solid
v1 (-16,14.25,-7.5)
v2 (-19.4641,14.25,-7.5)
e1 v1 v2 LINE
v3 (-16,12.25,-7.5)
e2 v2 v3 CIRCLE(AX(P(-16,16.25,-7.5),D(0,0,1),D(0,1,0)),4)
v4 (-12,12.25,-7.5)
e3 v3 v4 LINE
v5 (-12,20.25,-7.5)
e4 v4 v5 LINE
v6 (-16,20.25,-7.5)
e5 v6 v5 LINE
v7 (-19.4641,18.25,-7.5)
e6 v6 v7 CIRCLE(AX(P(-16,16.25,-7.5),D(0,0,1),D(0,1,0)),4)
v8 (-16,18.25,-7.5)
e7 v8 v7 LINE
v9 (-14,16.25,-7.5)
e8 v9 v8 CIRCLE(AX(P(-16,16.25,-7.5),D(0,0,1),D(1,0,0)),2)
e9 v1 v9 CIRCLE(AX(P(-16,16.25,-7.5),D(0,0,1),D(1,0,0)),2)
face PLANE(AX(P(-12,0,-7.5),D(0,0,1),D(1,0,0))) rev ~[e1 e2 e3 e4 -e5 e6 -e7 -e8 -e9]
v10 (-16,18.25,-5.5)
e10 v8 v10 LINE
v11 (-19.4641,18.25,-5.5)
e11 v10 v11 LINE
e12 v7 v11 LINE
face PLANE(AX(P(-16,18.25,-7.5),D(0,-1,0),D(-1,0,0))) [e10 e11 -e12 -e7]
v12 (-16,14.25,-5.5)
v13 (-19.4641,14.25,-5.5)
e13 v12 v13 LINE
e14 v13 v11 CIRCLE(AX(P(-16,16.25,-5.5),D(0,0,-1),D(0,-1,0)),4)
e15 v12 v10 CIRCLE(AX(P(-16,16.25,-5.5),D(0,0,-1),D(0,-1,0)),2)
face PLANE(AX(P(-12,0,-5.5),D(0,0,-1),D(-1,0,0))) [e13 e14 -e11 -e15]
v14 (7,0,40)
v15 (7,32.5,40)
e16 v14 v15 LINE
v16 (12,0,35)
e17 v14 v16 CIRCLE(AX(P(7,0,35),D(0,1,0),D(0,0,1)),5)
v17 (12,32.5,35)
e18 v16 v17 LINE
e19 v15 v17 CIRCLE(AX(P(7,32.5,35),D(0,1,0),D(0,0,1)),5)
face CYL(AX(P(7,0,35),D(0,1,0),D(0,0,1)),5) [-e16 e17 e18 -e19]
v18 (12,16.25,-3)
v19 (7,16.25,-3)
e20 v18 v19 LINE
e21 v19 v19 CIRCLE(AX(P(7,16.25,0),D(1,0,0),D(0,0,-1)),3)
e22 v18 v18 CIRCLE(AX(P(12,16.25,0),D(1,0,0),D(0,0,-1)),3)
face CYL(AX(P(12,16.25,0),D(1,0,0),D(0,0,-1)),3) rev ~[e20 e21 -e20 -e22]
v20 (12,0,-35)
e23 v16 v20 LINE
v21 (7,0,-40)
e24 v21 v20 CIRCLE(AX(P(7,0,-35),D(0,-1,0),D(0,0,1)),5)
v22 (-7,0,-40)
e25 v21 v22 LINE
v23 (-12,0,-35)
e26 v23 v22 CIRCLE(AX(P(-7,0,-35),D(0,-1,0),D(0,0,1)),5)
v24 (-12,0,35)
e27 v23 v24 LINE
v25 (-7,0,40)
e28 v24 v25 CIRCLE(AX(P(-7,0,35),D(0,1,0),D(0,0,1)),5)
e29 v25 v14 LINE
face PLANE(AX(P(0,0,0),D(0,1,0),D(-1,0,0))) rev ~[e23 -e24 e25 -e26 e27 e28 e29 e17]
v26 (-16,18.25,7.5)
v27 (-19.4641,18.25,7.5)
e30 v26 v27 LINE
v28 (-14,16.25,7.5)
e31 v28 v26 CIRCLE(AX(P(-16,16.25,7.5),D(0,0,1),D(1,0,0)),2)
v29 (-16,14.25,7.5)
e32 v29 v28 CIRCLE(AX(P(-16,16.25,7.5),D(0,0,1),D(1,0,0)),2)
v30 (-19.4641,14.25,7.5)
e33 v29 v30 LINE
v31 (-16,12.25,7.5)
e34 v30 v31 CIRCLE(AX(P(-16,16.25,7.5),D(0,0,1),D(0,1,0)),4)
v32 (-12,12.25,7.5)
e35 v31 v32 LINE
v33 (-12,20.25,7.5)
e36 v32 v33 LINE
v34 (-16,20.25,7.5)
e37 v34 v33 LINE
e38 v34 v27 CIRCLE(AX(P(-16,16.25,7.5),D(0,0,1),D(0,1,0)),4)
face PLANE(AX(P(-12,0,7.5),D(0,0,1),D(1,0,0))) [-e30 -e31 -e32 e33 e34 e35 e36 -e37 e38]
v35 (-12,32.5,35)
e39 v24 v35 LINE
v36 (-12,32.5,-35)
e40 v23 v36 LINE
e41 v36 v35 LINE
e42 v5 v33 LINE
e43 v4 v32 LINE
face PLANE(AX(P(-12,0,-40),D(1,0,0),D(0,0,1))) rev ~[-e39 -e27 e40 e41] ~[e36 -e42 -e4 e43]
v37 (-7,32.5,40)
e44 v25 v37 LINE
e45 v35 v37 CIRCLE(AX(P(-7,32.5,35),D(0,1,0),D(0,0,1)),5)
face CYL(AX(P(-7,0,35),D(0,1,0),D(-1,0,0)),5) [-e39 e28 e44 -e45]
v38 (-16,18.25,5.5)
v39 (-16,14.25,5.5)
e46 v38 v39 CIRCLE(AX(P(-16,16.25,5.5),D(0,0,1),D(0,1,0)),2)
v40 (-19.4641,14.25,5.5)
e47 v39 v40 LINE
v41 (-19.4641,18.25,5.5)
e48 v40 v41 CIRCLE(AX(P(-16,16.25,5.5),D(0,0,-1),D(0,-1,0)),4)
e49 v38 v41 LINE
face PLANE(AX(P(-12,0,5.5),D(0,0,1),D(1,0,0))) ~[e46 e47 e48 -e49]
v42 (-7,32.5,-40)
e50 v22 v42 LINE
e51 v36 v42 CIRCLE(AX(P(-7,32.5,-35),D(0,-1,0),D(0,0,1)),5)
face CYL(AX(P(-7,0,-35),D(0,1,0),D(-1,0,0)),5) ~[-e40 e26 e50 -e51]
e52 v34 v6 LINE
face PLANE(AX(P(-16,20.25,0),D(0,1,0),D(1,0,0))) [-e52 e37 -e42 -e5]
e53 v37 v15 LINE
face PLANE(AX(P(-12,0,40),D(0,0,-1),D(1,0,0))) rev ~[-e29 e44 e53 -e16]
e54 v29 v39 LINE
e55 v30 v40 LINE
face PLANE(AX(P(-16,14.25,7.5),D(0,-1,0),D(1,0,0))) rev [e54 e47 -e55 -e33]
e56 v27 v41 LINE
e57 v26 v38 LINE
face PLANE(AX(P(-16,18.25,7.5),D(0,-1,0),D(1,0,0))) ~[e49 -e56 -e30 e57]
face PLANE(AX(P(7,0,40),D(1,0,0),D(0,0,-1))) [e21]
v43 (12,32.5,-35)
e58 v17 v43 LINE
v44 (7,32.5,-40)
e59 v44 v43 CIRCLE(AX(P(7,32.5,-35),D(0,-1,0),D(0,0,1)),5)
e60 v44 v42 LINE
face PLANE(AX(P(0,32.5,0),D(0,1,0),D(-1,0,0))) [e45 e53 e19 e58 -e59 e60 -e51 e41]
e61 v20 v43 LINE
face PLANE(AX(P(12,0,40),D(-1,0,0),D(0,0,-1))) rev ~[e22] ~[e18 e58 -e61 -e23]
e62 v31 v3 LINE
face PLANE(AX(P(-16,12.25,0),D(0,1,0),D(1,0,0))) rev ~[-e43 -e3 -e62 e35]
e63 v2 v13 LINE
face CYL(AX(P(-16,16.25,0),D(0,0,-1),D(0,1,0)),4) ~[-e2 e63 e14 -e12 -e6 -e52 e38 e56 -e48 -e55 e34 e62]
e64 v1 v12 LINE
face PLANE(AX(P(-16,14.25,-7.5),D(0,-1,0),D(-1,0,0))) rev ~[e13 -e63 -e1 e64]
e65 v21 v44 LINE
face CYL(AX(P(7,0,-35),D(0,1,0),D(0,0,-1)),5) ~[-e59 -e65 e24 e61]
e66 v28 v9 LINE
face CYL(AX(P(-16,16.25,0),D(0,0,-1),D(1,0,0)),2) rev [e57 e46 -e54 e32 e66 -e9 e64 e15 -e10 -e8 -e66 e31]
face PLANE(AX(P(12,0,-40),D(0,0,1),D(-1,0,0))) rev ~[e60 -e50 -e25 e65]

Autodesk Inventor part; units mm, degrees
ref_plane "YZ Plane" through (0, 0, 0) normal (1, 0, 0) x (0, 1, 0)
ref_plane "XZ Plane" through (0, 0, 0) normal (0, 1, 0) x (-1, 0, 0)
sketch "Sketch1" plane through (0, 0, 0) normal (0, 1, 0) x (-1, 0, 0)
  line L0 (12, 40) -> (-12, 40)
  line L1 (-12, 40) -> (-12, -40)
  line L2 (-12, -40) -> (12, -40)
  line L3 (12, -40) -> (12, 40)
  line L4 (12, 40) -> (-12, -40) construction
  line L5 (-12, 40) -> (12, -40) construction
  point P0 (0, 0)
  dimension "d0" = 24
  dimension "d1" = 80
extrude "Extrusion1" add sketch "Sketch1" along normal blind 32.5
sketch "Sketch2" plane through (12, 0, 40) normal (1, 0, 0) x (0, 0, -1)
  circle A0 centre (40, 16.25) radius 3
  line L0 (0, 0) -> (0, 32.5) projected
  line L1 (0, 32.5) -> (80, 32.5) projected
  point P0 (40, 0)
  point P1 (40, 32.5)
  dimension "d4" = 6
  dimension "d5" = 40
  dimension "d6" = 16.25
extrude "Extrusion2" cut sketch "Sketch2" against normal blind 5
ref_plane "Work Plane1" through (-12, 0, 0) normal (0, 0, 1) x (1, 0, 0)
sketch "Sketch5" plane through (-12, 0, 0) normal (0, 0, 1) x (1, 0, 0)
  circle A0 centre (-4, 16.25) radius 2
  line L0 (0, 0) -> (0, 32.5) projected
  line L1 (24, 32.5) -> (0, 32.5) projected
  arc A1 (-4, 20.25) -> (-4, 12.25) centre (-4, 16.25) ccw
  line L2 (-4, 12.25) -> (0, 12.25)
  line L3 (-4, 20.25) -> (0, 20.25)
  point P0 (12, 0)
  dimension "d9" = 4
  dimension "d10" = 4
  dimension "d11" = 16.25
  dimension "d12" = 4
extrude "Extrusion3" add sketch "Sketch5" along normal blind 7.5 and the other way blind 7.5
sketch "Sketch7" plane through (-12, 0, -7.5) normal (0, 0, -1) x (-1, 0, 0)
  line L0 (0, 12.25) -> (4, 12.25) projected
  arc A0 (4, 12.25) -> (4, 20.25) centre (4, 16.25) ccw projected
  line L1 (4, 20.25) -> (0, 20.25) projected
  line L2 (0, 12.25) -> (0, 20.25) projected
  circle A1 centre (4, 16.25) radius 2 projected
  line L3 (4, 14.25) -> (7.4641, 14.25)
  line L4 (4, 18.25) -> (7.4641, 18.25)
  point P0 (-12, 0)
extrude "Extrusion4" cut sketch "Sketch7" against normal blind 2 contours L3 A1 L4 A0
mirror "Mirror1" about plane through (-12, 0, 0) normal (0, 0, 1) of "Extrusion4"
fillet "Fillet2" radius 5 4 edges at (-12, 16.25, 40) (-12, 16.25, -40) (12, 16.25, -40) (12, 16.25, 40)
properties part number "Camera"
